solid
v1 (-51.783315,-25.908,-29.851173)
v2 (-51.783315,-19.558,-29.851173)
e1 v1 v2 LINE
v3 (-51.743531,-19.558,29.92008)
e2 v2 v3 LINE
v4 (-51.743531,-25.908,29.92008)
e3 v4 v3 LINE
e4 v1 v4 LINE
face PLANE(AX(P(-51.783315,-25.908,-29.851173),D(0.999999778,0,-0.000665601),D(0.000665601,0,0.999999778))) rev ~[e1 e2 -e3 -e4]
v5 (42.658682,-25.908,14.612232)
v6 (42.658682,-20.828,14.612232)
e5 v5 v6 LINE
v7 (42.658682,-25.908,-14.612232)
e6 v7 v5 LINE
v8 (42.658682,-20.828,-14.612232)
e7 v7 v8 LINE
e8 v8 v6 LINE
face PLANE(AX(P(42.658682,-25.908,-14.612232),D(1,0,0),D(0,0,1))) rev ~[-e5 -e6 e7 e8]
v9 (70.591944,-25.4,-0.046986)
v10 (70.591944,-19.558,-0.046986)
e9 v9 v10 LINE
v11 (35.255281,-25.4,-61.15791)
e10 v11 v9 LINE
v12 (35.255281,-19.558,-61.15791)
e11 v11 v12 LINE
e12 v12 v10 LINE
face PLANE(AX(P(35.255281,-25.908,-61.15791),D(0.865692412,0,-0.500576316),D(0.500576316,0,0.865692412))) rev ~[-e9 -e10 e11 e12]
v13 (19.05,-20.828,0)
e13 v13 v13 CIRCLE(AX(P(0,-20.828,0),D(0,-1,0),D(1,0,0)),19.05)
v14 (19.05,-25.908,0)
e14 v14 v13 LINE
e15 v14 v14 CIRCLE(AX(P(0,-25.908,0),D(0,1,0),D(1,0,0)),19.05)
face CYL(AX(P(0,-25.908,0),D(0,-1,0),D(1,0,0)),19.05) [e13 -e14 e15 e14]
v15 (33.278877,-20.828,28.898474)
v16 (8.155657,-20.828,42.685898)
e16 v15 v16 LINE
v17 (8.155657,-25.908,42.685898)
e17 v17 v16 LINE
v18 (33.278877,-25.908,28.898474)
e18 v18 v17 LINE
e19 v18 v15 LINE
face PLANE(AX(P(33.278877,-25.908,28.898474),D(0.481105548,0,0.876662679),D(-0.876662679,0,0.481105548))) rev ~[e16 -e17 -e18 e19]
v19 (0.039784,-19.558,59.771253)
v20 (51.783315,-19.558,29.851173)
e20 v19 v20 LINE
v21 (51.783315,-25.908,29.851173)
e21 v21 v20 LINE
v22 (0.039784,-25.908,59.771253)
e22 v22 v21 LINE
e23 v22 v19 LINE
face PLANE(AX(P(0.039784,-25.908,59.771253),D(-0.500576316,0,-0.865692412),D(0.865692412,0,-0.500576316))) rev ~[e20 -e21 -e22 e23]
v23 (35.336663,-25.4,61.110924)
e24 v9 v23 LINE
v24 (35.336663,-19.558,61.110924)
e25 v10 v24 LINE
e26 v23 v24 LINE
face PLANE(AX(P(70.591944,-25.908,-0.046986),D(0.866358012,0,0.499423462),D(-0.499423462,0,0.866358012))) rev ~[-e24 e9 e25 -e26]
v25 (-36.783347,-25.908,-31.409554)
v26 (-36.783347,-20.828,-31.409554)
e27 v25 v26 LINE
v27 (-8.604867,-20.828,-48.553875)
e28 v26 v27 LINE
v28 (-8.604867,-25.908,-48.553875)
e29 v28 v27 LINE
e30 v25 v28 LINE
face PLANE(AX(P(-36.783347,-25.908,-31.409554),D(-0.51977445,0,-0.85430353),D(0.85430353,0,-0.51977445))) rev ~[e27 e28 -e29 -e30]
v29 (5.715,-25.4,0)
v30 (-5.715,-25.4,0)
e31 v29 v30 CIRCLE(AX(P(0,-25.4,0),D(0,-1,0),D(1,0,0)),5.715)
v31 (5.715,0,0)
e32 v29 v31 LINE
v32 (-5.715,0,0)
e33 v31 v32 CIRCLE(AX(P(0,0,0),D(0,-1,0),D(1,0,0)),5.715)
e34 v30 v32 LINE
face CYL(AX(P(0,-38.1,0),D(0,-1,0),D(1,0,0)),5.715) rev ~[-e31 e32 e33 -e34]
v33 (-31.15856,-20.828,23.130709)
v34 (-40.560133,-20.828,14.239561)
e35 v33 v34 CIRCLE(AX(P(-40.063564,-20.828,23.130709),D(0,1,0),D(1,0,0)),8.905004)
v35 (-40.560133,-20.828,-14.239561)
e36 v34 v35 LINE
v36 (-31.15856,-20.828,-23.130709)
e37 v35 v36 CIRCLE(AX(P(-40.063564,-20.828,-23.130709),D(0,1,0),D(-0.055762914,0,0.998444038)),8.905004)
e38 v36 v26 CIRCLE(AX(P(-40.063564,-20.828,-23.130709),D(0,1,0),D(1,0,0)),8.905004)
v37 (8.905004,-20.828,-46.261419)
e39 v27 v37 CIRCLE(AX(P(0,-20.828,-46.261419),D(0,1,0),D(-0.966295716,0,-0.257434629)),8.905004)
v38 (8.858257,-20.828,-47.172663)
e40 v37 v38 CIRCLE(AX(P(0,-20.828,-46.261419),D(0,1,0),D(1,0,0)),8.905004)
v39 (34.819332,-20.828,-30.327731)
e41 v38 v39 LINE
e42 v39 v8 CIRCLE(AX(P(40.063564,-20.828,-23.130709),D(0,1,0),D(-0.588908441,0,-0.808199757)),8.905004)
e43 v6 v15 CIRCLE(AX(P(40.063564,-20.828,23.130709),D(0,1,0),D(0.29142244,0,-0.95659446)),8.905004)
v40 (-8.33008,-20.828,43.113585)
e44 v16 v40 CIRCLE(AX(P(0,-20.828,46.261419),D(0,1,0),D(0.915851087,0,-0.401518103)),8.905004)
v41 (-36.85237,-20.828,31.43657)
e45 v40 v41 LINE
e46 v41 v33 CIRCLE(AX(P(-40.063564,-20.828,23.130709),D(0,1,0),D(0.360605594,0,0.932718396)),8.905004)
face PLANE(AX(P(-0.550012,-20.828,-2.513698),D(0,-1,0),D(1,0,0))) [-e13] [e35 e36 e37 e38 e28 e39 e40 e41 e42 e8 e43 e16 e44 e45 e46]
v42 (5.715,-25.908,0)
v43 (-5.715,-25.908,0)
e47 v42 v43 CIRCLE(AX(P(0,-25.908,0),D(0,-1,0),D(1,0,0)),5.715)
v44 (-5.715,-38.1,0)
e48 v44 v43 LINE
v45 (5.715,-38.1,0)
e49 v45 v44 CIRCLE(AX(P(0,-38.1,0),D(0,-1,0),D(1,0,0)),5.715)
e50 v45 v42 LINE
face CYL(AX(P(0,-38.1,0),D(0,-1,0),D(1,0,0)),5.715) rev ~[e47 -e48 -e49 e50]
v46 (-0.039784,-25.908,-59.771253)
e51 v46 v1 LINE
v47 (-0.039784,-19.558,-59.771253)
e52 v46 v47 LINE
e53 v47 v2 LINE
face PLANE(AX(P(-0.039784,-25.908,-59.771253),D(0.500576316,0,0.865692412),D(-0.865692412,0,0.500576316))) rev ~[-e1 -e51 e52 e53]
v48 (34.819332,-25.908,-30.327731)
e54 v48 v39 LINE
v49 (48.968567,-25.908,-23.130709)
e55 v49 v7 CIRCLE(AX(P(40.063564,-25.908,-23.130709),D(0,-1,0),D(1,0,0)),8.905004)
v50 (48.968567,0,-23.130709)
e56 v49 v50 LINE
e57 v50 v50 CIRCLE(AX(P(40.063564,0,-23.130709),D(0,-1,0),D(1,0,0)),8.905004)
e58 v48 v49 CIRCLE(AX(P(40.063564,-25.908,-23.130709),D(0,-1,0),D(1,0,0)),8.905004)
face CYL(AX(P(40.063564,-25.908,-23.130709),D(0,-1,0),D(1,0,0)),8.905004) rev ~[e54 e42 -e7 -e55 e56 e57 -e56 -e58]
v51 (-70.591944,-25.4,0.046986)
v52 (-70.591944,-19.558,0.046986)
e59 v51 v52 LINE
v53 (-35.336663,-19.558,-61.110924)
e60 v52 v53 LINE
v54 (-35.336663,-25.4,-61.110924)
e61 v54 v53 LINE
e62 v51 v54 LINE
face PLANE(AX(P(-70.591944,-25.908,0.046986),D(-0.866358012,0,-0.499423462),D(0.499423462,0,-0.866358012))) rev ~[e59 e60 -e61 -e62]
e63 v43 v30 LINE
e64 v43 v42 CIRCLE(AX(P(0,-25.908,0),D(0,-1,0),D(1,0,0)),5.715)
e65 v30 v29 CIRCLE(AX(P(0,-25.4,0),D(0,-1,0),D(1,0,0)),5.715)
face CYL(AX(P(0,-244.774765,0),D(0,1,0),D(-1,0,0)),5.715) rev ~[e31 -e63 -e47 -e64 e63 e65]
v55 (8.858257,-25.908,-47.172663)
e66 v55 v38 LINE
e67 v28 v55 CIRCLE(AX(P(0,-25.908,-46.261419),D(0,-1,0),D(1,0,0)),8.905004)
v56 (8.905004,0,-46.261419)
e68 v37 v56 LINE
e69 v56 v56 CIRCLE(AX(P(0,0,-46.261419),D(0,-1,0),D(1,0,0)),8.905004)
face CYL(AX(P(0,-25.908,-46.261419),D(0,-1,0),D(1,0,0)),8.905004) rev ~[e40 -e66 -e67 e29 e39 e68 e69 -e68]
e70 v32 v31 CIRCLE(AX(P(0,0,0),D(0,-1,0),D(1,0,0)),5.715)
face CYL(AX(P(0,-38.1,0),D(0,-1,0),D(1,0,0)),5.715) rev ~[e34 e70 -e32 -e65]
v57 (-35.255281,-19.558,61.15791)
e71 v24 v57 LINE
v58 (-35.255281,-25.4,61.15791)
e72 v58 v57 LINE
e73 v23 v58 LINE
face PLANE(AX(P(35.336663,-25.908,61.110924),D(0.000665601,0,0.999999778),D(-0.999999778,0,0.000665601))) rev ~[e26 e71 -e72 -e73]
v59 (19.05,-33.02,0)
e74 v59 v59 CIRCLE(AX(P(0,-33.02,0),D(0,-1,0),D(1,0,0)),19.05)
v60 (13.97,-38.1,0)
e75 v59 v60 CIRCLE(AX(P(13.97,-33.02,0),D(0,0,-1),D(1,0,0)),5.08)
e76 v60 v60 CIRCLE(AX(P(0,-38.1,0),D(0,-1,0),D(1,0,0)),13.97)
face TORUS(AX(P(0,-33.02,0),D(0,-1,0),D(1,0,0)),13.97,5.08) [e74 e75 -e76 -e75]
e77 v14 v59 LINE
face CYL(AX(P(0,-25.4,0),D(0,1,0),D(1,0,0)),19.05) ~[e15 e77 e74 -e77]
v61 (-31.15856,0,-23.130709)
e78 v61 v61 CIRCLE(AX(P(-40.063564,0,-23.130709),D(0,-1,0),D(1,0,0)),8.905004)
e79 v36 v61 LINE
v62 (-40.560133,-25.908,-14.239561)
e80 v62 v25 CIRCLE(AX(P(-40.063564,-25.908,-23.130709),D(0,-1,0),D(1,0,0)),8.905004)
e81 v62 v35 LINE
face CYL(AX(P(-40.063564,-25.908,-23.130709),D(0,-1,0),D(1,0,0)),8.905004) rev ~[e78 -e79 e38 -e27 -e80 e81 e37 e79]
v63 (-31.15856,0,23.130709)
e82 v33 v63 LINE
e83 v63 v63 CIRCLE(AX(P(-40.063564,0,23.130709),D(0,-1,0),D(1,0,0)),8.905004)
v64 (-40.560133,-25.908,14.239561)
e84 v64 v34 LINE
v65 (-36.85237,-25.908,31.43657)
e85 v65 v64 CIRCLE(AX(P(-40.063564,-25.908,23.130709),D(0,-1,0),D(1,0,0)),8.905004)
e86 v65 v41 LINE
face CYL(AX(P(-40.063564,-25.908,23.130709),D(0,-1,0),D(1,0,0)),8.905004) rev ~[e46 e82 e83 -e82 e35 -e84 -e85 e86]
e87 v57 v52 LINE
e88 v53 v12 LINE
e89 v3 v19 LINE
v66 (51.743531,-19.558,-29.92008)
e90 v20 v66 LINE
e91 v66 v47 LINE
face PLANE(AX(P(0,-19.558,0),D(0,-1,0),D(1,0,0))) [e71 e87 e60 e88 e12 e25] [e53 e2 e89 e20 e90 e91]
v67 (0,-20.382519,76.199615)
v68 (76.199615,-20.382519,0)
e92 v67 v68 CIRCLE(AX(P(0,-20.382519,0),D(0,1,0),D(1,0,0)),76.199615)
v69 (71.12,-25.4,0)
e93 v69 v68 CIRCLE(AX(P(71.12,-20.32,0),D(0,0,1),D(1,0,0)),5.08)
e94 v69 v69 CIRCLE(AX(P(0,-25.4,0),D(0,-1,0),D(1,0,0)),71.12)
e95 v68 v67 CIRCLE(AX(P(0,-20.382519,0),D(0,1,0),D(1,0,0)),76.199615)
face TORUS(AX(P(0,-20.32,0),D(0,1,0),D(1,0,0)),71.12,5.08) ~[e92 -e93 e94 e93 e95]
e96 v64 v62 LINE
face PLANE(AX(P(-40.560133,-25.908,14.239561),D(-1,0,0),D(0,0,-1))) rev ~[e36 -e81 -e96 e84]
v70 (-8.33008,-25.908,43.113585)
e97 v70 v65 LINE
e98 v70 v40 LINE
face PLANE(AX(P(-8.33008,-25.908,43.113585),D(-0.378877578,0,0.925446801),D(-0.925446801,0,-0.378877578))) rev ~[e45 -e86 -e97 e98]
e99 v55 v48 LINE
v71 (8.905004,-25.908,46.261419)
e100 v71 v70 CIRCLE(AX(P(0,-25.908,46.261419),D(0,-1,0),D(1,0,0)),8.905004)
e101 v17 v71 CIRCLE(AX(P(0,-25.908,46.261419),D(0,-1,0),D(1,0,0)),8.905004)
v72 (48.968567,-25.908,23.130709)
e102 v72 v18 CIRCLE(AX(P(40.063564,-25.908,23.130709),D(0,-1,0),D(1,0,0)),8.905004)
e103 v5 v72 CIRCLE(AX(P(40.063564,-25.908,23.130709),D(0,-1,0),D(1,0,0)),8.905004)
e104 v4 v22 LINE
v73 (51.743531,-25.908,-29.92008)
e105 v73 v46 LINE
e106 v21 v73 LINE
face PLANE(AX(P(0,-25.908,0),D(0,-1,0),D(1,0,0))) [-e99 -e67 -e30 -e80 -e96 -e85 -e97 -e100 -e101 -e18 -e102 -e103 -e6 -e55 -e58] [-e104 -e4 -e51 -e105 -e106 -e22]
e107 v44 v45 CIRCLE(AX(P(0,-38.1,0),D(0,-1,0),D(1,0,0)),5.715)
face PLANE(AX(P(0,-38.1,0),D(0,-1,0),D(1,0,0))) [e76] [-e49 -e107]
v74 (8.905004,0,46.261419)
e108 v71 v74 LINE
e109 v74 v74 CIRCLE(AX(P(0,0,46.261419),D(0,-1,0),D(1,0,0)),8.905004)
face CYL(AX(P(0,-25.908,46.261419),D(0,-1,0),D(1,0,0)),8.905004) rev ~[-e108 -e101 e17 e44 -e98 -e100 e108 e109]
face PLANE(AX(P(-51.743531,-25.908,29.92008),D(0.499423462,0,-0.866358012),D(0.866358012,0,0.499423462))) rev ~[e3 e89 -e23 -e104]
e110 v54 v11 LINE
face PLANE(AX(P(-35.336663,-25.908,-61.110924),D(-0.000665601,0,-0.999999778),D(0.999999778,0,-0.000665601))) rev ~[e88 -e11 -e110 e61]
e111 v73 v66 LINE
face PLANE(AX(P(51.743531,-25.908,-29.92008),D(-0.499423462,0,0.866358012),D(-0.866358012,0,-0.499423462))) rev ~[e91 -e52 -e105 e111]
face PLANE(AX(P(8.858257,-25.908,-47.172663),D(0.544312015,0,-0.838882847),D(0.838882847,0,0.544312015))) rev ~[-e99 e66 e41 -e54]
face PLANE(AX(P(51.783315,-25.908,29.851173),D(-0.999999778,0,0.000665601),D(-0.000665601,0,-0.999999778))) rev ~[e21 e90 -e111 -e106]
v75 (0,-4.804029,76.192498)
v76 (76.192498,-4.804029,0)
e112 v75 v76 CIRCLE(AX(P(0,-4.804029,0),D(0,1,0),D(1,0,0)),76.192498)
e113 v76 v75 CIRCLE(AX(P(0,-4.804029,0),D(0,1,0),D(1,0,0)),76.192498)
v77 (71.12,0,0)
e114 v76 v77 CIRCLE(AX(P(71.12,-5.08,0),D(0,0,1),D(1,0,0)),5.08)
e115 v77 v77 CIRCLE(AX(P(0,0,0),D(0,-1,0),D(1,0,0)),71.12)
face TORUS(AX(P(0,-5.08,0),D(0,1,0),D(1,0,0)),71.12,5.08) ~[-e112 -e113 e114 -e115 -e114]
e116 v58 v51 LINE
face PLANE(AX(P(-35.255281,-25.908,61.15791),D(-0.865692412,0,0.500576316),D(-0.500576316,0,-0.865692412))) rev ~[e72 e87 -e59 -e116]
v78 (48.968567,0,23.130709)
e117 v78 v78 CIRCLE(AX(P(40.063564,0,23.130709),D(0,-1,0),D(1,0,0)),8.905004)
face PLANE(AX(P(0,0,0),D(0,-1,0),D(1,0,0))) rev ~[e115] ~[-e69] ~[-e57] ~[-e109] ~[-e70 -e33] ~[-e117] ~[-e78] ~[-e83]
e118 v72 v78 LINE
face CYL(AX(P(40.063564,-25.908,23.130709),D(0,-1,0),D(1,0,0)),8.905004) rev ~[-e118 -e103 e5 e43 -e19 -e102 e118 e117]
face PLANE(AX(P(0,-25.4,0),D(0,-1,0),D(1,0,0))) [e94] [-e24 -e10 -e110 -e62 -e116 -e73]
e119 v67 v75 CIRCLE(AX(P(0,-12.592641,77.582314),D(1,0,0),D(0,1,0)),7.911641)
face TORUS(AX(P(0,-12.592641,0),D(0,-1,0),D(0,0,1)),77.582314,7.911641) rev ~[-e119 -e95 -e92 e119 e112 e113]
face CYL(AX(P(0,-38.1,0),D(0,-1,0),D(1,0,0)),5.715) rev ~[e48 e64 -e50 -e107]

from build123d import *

# Parameters (mm, degrees)
F0_R      = 76.2
F1_DEPTH  = 25.4
F2_R      = 19.05
F3_DEPTH  = 12.7
F4_R      = 5.715
F5_DEPTH  = 38.1
F6_R      = 5.08
F7_R      = 5.08
F8_R      = 7.9116406806
F11_DEPTH = 0.508
F12_R     = 8.905003664
F13_DEPTH = 76.2
F14_R     = 19.05
F15_DEPTH = 5.08
F17_D     = 11.43
F19_DEPTH = 6.35


with BuildPart() as f1:
    # F0 (on Front) → F1 (new body)
    with BuildSketch(Plane.XZ):
        Circle(F0_R)
    extrude(amount=F1_DEPTH)

    # F2 (on face) → F3 (join)
    with BuildSketch(Plane.XZ.offset(25.4)):
        Circle(F2_R)
    extrude(amount=F3_DEPTH)

    # F4 (on face) → F5 (cut)
    with BuildSketch(Plane.XZ.offset(38.1)):
        Circle(F4_R)
    extrude(amount=-F5_DEPTH, mode=Mode.SUBTRACT)

    # F6
    f6_edges = [f1.edges().sort_by_distance(p)[0] for p in [
        (-19.05, -38.1, 0),
    ]]
    fillet(f6_edges, radius=F6_R)

    # F7
    f7_edges = [f1.edges().sort_by_distance(p)[0] for p in [
        (-76.2, -25.4, 0),
        (76.2, -12.7, 0),
        (-76.2, 0, 0),
    ]]
    fillet(f7_edges, radius=F7_R)

    # F8 (on Right) → F9 (revolve, cut)
    with BuildSketch(Plane.YZ):
        with Locations((-12.5926407054, 77.582313797)):
            Circle(F8_R)
    revolve(axis=Axis((0, -25.4, 0), (0, -1, 0)), mode=Mode.SUBTRACT)

    # F10 (on face) → F11 (join)
    with BuildSketch(Plane.XZ.offset(25.4)):
        Polygon((70.5919441182, -0.046986044), (35.3366631668, 61.1109238869), (-35.2552809513, 61.1579099309), (-70.5919441182, 0.046986044), (-35.3366631668, -61.1109238869), (35.2552809513, -61.1579099309), align=None)
    extrude(amount=F11_DEPTH)

    # F12 (on face) → F13 (cut)
    with BuildSketch(Plane.XZ.offset(25.908)):
        with Locations((0, 46.2614186108)):
            Circle(F12_R)
        with Locations((-40.0635637321, 23.1307093054)):
            Circle(F12_R)
        with Locations((-40.0635637321, -23.1307093054)):
            Circle(F12_R)
        with Locations((0, -46.2614186108)):
            Circle(F12_R)
        with Locations((40.0635637321, -23.1307093054)):
            Circle(F12_R)
        with Locations((40.0635637321, 23.1307093054)):
            Circle(F12_R)
    extrude(amount=-F13_DEPTH, mode=Mode.SUBTRACT)

    # F14 (on face) → F15 (cut)
    with BuildSketch(Plane.XZ.offset(25.908)):
        with BuildLine():
            ThreePointArc((-31.158560068, 23.1307093054), (-33.9448570911, 16.660738726), (-40.5601326844, 14.2395614868))
            Line((-40.5601326844, 14.2395614868), (-40.5601326844, -14.2395614868))
            ThreePointArc((-40.5601326844, -14.2395614868), (-33.9448570911, -16.660738726), (-31.158560068, -23.1307093054))
            ThreePointArc((-31.158560068, -23.1307093054), (-32.6977836303, -28.135144713), (-36.7833469167, -31.4095539048))
            Line((-36.7833469167, -31.4095539048), (-8.6048668954, -48.5538749288))
            ThreePointArc((-8.6048668954, -48.5538749288), (-1.1560101697, -37.4317679527), (8.905003664, -46.2614186108))
            ThreePointArc((8.905003664, -46.2614186108), (8.8933094044, -46.7176401516), (8.8582573398, -47.1726634507))
            Line((8.8582573398, -47.1726634507), (34.819331906, -30.3277311069))
            ThreePointArc((34.819331906, -30.3277311069), (32.0949579459, -19.1557360878), (42.6586816252, -14.6122321306))
            Line((42.6586816252, -14.6122321306), (42.6586816252, 14.6122321306))
            ThreePointArc((42.6586816252, 14.6122321306), (32.6196198384, 18.2432979697), (33.2788767042, 28.898474227))
            Line((33.2788767042, 28.898474227), (8.1556572822, 42.6858984317))
            ThreePointArc((8.1556572822, 42.6858984317), (-0.2309431505, 37.3594101005), (-8.3300800026, 43.1135848467))
            Line((-8.3300800026, 43.1135848467), (-36.8523695931, 31.4365700349))
            ThreePointArc((-36.8523695931, 31.4365700349), (-32.7186748347, 28.165756211), (-31.158560068, 23.1307093054))
        make_face()
        Circle(F14_R, mode=Mode.SUBTRACT)
    extrude(amount=-F15_DEPTH, mode=Mode.SUBTRACT)

    # F17 (through all)
    with Locations(Plane.XZ.offset(25.908)):
        with Locations((0, 0)):
            Hole(F17_D / 2)

    # F18 (on face) → F19 (cut)
    with BuildSketch(Plane.XZ.offset(25.908)):
        Polygon((-35.3366631668, -61.1109238869), (35.2552809513, -61.1579099309), (70.5919441182, -0.046986044), (35.3366631668, 61.1109238869), (-35.2552809513, 61.1579099309), (-70.5919441182, 0.046986044), align=None)
        Polygon((-51.7435314195, 29.9200801516), (0.0397837848, 59.7712527666), (51.7833152043, 29.851172615), (51.7435314195, -29.9200801516), (-0.0397837848, -59.7712527666), (-51.7833152043, -29.851172615), align=None, mode=Mode.SUBTRACT)
    extrude(amount=-F19_DEPTH, mode=Mode.SUBTRACT)


solid = f1.part
